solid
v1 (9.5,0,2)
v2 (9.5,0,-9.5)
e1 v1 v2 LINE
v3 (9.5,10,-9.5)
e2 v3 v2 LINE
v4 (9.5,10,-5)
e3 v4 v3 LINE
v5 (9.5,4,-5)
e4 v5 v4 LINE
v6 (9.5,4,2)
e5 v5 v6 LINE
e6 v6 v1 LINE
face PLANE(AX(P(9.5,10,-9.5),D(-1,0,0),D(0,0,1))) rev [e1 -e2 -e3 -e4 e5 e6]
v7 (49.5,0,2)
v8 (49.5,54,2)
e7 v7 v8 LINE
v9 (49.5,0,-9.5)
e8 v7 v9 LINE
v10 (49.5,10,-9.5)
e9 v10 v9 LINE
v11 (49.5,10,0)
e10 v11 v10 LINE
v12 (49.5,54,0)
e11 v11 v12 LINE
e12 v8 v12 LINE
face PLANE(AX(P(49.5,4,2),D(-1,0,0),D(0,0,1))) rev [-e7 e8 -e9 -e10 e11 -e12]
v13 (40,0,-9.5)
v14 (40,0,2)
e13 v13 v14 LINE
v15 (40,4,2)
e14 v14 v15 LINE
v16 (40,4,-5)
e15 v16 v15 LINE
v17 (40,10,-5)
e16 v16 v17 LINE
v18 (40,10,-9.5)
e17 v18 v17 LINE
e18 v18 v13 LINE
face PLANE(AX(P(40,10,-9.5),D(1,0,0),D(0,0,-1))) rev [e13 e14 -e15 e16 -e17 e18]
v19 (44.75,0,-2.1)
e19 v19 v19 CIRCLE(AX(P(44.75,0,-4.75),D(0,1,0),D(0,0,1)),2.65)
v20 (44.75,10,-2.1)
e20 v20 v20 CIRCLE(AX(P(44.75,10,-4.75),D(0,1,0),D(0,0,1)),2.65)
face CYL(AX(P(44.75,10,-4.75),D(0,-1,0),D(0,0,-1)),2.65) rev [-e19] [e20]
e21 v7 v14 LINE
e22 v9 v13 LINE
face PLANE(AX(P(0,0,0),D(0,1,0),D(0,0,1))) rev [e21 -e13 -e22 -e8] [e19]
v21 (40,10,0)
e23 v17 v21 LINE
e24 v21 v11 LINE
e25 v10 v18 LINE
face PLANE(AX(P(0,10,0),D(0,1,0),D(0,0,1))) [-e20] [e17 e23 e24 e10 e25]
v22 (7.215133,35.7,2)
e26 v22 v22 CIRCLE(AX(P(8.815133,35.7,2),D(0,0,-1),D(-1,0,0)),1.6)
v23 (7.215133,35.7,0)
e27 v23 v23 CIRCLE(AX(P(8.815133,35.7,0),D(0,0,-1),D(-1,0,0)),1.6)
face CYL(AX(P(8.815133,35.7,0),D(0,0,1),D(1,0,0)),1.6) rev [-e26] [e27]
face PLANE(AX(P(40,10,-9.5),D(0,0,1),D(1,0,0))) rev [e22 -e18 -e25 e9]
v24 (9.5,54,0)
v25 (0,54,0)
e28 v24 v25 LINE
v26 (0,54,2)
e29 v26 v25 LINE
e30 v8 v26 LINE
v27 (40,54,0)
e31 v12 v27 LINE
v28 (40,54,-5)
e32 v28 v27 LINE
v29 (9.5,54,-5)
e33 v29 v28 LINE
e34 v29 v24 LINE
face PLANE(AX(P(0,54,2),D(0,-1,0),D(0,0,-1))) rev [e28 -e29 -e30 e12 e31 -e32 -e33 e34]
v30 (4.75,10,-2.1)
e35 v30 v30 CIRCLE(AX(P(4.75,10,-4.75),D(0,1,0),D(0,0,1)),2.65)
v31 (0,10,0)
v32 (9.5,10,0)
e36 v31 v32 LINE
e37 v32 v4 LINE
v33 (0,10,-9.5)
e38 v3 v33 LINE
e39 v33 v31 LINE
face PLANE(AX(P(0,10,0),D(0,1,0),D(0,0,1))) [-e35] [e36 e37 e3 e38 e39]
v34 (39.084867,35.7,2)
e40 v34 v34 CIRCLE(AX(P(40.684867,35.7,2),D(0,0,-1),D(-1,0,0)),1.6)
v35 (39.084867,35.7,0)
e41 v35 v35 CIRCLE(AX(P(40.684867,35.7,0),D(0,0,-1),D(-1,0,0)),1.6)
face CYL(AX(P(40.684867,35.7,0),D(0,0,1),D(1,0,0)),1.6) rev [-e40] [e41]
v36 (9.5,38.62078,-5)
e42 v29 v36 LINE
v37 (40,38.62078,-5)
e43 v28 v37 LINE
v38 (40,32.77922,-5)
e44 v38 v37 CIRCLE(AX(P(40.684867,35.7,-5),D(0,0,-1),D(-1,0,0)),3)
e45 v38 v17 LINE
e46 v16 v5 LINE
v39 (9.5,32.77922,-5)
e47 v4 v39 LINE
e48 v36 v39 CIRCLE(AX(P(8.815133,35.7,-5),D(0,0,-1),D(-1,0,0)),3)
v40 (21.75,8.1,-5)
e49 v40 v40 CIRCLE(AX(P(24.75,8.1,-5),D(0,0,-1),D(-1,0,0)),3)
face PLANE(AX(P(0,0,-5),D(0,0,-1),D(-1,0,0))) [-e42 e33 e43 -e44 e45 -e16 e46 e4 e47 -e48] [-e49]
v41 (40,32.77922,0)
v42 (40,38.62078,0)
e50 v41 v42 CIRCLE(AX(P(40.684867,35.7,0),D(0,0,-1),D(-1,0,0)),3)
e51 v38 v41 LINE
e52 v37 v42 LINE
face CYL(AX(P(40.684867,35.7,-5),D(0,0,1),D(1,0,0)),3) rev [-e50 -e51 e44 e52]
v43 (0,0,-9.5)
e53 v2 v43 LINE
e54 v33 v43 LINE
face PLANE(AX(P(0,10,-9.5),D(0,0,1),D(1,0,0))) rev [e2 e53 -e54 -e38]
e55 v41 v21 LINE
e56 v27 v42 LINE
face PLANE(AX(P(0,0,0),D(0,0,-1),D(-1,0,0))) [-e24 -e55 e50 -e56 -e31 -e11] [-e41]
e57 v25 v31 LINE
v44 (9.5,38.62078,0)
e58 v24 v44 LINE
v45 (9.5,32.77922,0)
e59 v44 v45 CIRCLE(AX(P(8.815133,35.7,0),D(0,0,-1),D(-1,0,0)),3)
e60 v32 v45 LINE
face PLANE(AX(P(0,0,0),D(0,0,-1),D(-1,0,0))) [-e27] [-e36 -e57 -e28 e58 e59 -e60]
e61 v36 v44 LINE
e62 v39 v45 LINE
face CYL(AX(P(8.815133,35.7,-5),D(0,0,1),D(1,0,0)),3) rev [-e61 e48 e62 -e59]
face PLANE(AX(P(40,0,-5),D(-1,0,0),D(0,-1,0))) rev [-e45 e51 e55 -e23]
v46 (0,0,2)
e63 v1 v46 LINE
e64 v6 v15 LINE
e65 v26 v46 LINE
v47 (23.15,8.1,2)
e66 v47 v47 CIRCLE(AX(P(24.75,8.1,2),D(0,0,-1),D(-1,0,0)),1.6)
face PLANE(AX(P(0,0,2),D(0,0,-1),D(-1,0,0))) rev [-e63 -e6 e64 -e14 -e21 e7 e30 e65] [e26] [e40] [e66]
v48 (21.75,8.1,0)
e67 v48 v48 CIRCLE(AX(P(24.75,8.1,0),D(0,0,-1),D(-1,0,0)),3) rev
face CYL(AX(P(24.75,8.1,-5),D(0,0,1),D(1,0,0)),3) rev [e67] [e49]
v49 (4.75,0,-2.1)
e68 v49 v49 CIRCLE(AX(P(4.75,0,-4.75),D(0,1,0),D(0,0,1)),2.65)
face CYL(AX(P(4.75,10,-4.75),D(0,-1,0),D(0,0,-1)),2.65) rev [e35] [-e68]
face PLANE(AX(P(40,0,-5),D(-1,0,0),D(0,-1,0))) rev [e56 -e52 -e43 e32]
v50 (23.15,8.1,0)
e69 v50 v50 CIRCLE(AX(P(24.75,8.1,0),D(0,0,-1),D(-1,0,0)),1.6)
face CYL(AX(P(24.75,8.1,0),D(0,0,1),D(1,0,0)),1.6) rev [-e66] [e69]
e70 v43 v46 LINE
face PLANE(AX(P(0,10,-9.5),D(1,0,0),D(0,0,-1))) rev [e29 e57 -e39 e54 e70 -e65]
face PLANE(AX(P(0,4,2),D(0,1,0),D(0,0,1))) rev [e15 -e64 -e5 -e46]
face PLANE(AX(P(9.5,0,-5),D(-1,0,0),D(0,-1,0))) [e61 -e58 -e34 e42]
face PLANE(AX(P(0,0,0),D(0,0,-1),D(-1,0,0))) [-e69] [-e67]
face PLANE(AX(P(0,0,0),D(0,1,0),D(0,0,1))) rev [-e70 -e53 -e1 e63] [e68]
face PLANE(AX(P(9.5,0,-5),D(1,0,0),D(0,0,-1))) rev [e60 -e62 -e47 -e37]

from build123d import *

# Parameters (mm, degrees)
SKETCH2_W             = 9.5
SKETCH2_H             = 9.5
SKETCH2_R             = 2.65
BOSS_EXTRUDE1_DEPTH   = 10
BOSS_EXTRUDE1_2_DEPTH = 10
SKETCH13_W            = 49.5
SKETCH13_H            = 50
BOSS_EXTRUDE4_DEPTH   = 2
CUT_EXTRUDE3_START    = 2
SKETCH12_R            = 1.6
CUT_EXTRUDE3_DEPTH    = 2
SKETCH14_R            = 3
BOSS_EXTRUDE5_DEPTH   = 5
SKETCH15_W            = 9.5
SKETCH15_H            = 4
BOSS_EXTRUDE6_DEPTH   = 2


with BuildPart() as part:
    # Sketch2 → Boss-Extrude1 (new body)
    with BuildSketch(Plane(origin=(0, 0, 0), x_dir=(1, 0, 0), z_dir=(0, 1, 0))):
        with Locations((4.75, 4.75)):
            Rectangle(SKETCH2_W, SKETCH2_H)
        with Locations((4.75, 4.75)):
            Circle(SKETCH2_R, mode=Mode.SUBTRACT)
    extrude(amount=BOSS_EXTRUDE1_DEPTH)



with BuildPart() as body_2:
    # Sketch2 → Boss-Extrude1 2 (new body)
    with BuildSketch(Plane(origin=(0, 0, 0), x_dir=(1, 0, 0), z_dir=(0, 1, 0))):
        with Locations((44.75, 4.75)):
            Rectangle(SKETCH2_W, SKETCH2_H)
        with Locations((44.75, 4.75)):
            Circle(SKETCH2_R, mode=Mode.SUBTRACT)
    extrude(amount=BOSS_EXTRUDE1_2_DEPTH)


with BuildPart() as part_1:
    add(part.part)

    add(body_2.part)  # Boss-Extrude4 merges body 2
    # Sketch13 → Boss-Extrude4 (add)
    with BuildSketch(Plane.XY):
        with Locations((24.75, 29)):
            Rectangle(SKETCH13_W, SKETCH13_H)
    extrude(amount=BOSS_EXTRUDE4_DEPTH)

    # Sketch12 → Cut-Extrude3 (cut)
    with BuildSketch(Plane.XY.offset(CUT_EXTRUDE3_START)):
        with Locations((24.75, 8.1)):
            Circle(SKETCH12_R)
        with Locations((8.81513257, 35.7)):
            Circle(SKETCH12_R)
        with Locations((40.68486743, 35.7)):
            Circle(SKETCH12_R)
    extrude(amount=-CUT_EXTRUDE3_DEPTH, mode=Mode.SUBTRACT)

    # Sketch14 → Boss-Extrude5 (add)
    with BuildSketch(Plane(origin=(0, 0, 0), x_dir=(-1, 0, 0), z_dir=(0, 0, -1))):
        with BuildLine():
            Line((-9.5, 54), (-40, 54))
            Line((-40, 54), (-40, 38.620780136))
            ThreePointArc((-40, 38.620780136), (-38.333846131, 37.563517871), (-37.68486743, 35.7))
            ThreePointArc((-37.68486743, 35.7), (-38.333846131, 33.836482129), (-40, 32.779219864))
            Line((-40, 32.779219864), (-40, 10))
            Line((-40, 10), (-40, 4))
            Line((-40, 4), (-9.5, 4))
            Line((-9.5, 4), (-9.5, 10))
            Line((-9.5, 10), (-9.5, 32.779219864))
            ThreePointArc((-9.5, 32.779219864), (-11.81513257, 35.7), (-9.5, 38.620780136))
            Line((-9.5, 38.620780136), (-9.5, 54))
        make_face()
        with Locations((-24.75, 8.1)):
            Circle(SKETCH14_R, mode=Mode.SUBTRACT)
    extrude(amount=BOSS_EXTRUDE5_DEPTH)

    # Sketch15 → Boss-Extrude6 (add)
    with BuildSketch(Plane.XY):
        with Locations((4.75, 2)):
            Rectangle(SKETCH15_W, SKETCH15_H)
        with Locations((44.75, 2)):
            Rectangle(SKETCH15_W, SKETCH15_H)
    extrude(amount=BOSS_EXTRUDE6_DEPTH)


solid = part_1.part
